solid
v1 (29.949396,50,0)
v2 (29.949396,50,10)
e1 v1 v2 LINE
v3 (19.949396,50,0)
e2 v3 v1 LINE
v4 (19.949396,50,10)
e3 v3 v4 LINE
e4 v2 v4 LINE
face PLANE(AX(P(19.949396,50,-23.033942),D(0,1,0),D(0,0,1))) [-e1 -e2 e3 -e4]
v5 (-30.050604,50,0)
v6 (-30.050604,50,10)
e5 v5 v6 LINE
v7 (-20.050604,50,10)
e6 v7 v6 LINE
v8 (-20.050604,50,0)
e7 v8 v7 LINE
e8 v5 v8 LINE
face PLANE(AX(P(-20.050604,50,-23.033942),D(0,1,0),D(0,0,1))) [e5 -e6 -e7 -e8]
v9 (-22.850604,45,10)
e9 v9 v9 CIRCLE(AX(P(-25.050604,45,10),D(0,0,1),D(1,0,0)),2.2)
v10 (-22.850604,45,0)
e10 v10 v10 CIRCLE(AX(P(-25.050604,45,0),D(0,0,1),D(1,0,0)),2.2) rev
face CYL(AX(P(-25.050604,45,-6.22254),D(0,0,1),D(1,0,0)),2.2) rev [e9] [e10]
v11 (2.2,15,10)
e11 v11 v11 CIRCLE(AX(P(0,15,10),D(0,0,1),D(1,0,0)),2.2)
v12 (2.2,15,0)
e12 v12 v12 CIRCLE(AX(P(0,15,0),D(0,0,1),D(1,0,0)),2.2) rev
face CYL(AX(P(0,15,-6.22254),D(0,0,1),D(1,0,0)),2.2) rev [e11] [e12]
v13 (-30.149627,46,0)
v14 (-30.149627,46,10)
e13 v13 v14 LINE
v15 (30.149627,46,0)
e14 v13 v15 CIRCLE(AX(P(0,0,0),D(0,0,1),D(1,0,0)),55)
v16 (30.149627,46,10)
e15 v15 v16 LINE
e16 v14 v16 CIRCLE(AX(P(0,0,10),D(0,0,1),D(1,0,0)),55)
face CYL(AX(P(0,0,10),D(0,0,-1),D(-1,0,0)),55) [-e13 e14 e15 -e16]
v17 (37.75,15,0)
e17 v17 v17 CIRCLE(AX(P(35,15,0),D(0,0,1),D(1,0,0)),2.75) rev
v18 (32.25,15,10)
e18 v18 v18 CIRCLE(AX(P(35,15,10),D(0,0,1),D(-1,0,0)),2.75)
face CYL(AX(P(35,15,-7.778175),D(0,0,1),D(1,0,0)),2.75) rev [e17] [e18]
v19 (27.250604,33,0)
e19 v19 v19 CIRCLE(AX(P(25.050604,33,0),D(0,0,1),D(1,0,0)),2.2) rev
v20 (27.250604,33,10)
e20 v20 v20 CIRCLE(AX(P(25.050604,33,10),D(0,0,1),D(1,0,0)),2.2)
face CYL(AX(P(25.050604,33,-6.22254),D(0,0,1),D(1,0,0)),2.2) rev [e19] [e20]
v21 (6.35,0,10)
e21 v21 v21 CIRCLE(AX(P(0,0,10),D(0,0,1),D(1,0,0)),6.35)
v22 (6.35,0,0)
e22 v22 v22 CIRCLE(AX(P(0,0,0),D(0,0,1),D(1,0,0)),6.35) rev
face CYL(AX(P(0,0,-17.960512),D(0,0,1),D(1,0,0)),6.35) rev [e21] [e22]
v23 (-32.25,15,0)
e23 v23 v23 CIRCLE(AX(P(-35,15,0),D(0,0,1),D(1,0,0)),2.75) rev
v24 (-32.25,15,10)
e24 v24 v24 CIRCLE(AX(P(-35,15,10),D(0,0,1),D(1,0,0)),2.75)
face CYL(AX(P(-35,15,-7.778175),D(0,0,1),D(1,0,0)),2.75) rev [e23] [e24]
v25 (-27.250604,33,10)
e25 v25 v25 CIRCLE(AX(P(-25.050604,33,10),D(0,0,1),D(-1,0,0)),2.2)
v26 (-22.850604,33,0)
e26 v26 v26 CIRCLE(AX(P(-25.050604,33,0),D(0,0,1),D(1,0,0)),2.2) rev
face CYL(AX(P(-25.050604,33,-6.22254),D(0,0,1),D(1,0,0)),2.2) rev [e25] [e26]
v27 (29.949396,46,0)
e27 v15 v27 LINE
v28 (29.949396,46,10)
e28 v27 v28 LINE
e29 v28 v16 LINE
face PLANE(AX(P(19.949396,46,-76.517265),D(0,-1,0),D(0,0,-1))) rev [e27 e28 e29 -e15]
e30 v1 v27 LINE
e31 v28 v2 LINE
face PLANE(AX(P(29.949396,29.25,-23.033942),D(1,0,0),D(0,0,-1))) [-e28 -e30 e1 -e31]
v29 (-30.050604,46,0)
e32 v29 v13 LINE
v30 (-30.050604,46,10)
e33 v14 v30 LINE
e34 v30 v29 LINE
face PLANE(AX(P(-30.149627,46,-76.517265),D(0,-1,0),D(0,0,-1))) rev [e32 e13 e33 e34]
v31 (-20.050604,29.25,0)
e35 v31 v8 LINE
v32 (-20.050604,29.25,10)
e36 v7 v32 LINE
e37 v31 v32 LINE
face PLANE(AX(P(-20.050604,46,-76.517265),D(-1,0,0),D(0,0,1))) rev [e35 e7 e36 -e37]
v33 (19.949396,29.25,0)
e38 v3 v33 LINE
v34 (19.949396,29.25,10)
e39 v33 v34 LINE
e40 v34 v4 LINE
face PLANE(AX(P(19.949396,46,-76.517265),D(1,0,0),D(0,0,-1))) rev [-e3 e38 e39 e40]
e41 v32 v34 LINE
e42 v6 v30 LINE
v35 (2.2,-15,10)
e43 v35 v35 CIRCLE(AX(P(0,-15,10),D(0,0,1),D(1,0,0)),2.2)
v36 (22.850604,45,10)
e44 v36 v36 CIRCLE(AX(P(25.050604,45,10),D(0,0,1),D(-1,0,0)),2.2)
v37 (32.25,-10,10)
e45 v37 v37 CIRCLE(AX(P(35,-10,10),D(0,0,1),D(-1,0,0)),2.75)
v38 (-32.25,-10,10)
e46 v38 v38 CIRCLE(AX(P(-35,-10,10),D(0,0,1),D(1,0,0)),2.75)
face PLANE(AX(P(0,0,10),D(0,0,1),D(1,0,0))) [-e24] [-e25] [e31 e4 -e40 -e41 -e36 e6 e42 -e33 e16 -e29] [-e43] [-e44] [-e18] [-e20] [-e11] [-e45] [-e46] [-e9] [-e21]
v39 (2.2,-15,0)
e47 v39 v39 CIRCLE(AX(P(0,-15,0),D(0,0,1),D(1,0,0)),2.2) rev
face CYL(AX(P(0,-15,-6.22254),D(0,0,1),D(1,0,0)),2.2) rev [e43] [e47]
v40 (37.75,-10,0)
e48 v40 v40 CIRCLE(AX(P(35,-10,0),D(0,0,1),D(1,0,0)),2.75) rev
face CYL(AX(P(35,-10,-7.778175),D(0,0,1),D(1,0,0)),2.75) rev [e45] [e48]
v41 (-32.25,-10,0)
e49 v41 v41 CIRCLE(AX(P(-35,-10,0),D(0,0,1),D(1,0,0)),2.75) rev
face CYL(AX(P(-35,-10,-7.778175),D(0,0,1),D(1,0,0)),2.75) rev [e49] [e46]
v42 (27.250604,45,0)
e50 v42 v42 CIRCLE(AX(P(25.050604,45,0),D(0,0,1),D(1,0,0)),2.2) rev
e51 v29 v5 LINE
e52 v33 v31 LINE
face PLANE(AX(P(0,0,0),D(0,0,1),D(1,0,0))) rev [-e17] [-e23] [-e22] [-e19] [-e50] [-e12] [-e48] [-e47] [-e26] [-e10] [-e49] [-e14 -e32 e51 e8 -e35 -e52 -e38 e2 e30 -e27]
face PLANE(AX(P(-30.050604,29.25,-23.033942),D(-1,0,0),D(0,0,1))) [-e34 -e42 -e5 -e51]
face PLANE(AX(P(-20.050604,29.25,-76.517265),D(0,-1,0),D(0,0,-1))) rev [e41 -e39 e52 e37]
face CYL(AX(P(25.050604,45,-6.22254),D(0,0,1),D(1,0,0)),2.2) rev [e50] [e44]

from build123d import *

# Parameters (mm, degrees)
SKETCH1_R           = 55
EXTRUDE_3_8_DEPTH   = 10
CUT_EXTRUDE1_DEPTH  = 10
SKETCH3_W           = 10
SKETCH3_H           = 20.75
BOSS_EXTRUDE2_DEPTH = 10
SKETCH4_R           = 2.2
M4_THROUGH_DEPTH    = 10
SKETCH5_R           = 6.35
CUT_EXTRUDE2_DEPTH  = 10
SKETCH6_R           = 2.2
M4_THROUGH2_DEPTH   = 10
SKETCH7_R           = 2.75
M5_THROUGH_DEPTH    = 10


with BuildPart() as part:
    # Sketch1 → 3/8 (new body)
    with BuildSketch(Plane.XY):
        Circle(SKETCH1_R)
    extrude(amount=EXTRUDE_3_8_DEPTH)

    # Sketch2 → Cut-Extrude1 (cut)
    with BuildSketch(Plane.XY.offset(10)):
        Polygon((-20.05060394, 46), (-20.05060394, 29.25), (19.94939606, 29.25), (19.94939606, 46), (30.149626863, 46), (30.149626863, 76.355115637), (-30.149626863, 76.355115637), (-30.149626863, 46), align=None)
    extrude(amount=-CUT_EXTRUDE1_DEPTH, mode=Mode.SUBTRACT)

    # Sketch3 → Boss-Extrude2 (add)
    with BuildSketch(Plane.XY.offset(10)):
        with Locations((-25.05060394, 39.625)):
            Rectangle(SKETCH3_W, SKETCH3_H)
        with Locations((24.94939606, 39.625)):
            Rectangle(SKETCH3_W, SKETCH3_H)
    extrude(amount=-BOSS_EXTRUDE2_DEPTH)

    # Sketch4 → M4_through (cut)
    with BuildSketch(Plane.XY.offset(10)):
        with Locations((-25.05060394, 45)):
            Circle(SKETCH4_R)
        with Locations((-25.05060394, 33)):
            Circle(SKETCH4_R)
        with Locations((25.05060394, 33)):
            Circle(SKETCH4_R)
        with Locations((25.05060394, 45)):
            Circle(SKETCH4_R)
    extrude(amount=-M4_THROUGH_DEPTH, mode=Mode.SUBTRACT)

    # Sketch5 → Cut-Extrude2 (cut)
    with BuildSketch(Plane.XY.offset(10)):
        Circle(SKETCH5_R)
    extrude(amount=-CUT_EXTRUDE2_DEPTH, mode=Mode.SUBTRACT)

    # Sketch6 → M4_through2 (cut)
    with BuildSketch(Plane.XY.offset(10)):
        with Locations((0, 15)):
            Circle(SKETCH6_R)
        with Locations((0, -15)):
            Circle(SKETCH6_R)
    extrude(amount=-M4_THROUGH2_DEPTH, mode=Mode.SUBTRACT)

    # Sketch7 → M5_through (cut)
    with BuildSketch(Plane.XY.offset(10)):
        with Locations((-35, 15)):
            Circle(SKETCH7_R)
        with Locations((-35, -10)):
            Circle(SKETCH7_R)
        with Locations((35, -10)):
            Circle(SKETCH7_R)
        with Locations((35, 15)):
            Circle(SKETCH7_R)
    extrude(amount=-M5_THROUGH_DEPTH, mode=Mode.SUBTRACT)


solid = part.part
